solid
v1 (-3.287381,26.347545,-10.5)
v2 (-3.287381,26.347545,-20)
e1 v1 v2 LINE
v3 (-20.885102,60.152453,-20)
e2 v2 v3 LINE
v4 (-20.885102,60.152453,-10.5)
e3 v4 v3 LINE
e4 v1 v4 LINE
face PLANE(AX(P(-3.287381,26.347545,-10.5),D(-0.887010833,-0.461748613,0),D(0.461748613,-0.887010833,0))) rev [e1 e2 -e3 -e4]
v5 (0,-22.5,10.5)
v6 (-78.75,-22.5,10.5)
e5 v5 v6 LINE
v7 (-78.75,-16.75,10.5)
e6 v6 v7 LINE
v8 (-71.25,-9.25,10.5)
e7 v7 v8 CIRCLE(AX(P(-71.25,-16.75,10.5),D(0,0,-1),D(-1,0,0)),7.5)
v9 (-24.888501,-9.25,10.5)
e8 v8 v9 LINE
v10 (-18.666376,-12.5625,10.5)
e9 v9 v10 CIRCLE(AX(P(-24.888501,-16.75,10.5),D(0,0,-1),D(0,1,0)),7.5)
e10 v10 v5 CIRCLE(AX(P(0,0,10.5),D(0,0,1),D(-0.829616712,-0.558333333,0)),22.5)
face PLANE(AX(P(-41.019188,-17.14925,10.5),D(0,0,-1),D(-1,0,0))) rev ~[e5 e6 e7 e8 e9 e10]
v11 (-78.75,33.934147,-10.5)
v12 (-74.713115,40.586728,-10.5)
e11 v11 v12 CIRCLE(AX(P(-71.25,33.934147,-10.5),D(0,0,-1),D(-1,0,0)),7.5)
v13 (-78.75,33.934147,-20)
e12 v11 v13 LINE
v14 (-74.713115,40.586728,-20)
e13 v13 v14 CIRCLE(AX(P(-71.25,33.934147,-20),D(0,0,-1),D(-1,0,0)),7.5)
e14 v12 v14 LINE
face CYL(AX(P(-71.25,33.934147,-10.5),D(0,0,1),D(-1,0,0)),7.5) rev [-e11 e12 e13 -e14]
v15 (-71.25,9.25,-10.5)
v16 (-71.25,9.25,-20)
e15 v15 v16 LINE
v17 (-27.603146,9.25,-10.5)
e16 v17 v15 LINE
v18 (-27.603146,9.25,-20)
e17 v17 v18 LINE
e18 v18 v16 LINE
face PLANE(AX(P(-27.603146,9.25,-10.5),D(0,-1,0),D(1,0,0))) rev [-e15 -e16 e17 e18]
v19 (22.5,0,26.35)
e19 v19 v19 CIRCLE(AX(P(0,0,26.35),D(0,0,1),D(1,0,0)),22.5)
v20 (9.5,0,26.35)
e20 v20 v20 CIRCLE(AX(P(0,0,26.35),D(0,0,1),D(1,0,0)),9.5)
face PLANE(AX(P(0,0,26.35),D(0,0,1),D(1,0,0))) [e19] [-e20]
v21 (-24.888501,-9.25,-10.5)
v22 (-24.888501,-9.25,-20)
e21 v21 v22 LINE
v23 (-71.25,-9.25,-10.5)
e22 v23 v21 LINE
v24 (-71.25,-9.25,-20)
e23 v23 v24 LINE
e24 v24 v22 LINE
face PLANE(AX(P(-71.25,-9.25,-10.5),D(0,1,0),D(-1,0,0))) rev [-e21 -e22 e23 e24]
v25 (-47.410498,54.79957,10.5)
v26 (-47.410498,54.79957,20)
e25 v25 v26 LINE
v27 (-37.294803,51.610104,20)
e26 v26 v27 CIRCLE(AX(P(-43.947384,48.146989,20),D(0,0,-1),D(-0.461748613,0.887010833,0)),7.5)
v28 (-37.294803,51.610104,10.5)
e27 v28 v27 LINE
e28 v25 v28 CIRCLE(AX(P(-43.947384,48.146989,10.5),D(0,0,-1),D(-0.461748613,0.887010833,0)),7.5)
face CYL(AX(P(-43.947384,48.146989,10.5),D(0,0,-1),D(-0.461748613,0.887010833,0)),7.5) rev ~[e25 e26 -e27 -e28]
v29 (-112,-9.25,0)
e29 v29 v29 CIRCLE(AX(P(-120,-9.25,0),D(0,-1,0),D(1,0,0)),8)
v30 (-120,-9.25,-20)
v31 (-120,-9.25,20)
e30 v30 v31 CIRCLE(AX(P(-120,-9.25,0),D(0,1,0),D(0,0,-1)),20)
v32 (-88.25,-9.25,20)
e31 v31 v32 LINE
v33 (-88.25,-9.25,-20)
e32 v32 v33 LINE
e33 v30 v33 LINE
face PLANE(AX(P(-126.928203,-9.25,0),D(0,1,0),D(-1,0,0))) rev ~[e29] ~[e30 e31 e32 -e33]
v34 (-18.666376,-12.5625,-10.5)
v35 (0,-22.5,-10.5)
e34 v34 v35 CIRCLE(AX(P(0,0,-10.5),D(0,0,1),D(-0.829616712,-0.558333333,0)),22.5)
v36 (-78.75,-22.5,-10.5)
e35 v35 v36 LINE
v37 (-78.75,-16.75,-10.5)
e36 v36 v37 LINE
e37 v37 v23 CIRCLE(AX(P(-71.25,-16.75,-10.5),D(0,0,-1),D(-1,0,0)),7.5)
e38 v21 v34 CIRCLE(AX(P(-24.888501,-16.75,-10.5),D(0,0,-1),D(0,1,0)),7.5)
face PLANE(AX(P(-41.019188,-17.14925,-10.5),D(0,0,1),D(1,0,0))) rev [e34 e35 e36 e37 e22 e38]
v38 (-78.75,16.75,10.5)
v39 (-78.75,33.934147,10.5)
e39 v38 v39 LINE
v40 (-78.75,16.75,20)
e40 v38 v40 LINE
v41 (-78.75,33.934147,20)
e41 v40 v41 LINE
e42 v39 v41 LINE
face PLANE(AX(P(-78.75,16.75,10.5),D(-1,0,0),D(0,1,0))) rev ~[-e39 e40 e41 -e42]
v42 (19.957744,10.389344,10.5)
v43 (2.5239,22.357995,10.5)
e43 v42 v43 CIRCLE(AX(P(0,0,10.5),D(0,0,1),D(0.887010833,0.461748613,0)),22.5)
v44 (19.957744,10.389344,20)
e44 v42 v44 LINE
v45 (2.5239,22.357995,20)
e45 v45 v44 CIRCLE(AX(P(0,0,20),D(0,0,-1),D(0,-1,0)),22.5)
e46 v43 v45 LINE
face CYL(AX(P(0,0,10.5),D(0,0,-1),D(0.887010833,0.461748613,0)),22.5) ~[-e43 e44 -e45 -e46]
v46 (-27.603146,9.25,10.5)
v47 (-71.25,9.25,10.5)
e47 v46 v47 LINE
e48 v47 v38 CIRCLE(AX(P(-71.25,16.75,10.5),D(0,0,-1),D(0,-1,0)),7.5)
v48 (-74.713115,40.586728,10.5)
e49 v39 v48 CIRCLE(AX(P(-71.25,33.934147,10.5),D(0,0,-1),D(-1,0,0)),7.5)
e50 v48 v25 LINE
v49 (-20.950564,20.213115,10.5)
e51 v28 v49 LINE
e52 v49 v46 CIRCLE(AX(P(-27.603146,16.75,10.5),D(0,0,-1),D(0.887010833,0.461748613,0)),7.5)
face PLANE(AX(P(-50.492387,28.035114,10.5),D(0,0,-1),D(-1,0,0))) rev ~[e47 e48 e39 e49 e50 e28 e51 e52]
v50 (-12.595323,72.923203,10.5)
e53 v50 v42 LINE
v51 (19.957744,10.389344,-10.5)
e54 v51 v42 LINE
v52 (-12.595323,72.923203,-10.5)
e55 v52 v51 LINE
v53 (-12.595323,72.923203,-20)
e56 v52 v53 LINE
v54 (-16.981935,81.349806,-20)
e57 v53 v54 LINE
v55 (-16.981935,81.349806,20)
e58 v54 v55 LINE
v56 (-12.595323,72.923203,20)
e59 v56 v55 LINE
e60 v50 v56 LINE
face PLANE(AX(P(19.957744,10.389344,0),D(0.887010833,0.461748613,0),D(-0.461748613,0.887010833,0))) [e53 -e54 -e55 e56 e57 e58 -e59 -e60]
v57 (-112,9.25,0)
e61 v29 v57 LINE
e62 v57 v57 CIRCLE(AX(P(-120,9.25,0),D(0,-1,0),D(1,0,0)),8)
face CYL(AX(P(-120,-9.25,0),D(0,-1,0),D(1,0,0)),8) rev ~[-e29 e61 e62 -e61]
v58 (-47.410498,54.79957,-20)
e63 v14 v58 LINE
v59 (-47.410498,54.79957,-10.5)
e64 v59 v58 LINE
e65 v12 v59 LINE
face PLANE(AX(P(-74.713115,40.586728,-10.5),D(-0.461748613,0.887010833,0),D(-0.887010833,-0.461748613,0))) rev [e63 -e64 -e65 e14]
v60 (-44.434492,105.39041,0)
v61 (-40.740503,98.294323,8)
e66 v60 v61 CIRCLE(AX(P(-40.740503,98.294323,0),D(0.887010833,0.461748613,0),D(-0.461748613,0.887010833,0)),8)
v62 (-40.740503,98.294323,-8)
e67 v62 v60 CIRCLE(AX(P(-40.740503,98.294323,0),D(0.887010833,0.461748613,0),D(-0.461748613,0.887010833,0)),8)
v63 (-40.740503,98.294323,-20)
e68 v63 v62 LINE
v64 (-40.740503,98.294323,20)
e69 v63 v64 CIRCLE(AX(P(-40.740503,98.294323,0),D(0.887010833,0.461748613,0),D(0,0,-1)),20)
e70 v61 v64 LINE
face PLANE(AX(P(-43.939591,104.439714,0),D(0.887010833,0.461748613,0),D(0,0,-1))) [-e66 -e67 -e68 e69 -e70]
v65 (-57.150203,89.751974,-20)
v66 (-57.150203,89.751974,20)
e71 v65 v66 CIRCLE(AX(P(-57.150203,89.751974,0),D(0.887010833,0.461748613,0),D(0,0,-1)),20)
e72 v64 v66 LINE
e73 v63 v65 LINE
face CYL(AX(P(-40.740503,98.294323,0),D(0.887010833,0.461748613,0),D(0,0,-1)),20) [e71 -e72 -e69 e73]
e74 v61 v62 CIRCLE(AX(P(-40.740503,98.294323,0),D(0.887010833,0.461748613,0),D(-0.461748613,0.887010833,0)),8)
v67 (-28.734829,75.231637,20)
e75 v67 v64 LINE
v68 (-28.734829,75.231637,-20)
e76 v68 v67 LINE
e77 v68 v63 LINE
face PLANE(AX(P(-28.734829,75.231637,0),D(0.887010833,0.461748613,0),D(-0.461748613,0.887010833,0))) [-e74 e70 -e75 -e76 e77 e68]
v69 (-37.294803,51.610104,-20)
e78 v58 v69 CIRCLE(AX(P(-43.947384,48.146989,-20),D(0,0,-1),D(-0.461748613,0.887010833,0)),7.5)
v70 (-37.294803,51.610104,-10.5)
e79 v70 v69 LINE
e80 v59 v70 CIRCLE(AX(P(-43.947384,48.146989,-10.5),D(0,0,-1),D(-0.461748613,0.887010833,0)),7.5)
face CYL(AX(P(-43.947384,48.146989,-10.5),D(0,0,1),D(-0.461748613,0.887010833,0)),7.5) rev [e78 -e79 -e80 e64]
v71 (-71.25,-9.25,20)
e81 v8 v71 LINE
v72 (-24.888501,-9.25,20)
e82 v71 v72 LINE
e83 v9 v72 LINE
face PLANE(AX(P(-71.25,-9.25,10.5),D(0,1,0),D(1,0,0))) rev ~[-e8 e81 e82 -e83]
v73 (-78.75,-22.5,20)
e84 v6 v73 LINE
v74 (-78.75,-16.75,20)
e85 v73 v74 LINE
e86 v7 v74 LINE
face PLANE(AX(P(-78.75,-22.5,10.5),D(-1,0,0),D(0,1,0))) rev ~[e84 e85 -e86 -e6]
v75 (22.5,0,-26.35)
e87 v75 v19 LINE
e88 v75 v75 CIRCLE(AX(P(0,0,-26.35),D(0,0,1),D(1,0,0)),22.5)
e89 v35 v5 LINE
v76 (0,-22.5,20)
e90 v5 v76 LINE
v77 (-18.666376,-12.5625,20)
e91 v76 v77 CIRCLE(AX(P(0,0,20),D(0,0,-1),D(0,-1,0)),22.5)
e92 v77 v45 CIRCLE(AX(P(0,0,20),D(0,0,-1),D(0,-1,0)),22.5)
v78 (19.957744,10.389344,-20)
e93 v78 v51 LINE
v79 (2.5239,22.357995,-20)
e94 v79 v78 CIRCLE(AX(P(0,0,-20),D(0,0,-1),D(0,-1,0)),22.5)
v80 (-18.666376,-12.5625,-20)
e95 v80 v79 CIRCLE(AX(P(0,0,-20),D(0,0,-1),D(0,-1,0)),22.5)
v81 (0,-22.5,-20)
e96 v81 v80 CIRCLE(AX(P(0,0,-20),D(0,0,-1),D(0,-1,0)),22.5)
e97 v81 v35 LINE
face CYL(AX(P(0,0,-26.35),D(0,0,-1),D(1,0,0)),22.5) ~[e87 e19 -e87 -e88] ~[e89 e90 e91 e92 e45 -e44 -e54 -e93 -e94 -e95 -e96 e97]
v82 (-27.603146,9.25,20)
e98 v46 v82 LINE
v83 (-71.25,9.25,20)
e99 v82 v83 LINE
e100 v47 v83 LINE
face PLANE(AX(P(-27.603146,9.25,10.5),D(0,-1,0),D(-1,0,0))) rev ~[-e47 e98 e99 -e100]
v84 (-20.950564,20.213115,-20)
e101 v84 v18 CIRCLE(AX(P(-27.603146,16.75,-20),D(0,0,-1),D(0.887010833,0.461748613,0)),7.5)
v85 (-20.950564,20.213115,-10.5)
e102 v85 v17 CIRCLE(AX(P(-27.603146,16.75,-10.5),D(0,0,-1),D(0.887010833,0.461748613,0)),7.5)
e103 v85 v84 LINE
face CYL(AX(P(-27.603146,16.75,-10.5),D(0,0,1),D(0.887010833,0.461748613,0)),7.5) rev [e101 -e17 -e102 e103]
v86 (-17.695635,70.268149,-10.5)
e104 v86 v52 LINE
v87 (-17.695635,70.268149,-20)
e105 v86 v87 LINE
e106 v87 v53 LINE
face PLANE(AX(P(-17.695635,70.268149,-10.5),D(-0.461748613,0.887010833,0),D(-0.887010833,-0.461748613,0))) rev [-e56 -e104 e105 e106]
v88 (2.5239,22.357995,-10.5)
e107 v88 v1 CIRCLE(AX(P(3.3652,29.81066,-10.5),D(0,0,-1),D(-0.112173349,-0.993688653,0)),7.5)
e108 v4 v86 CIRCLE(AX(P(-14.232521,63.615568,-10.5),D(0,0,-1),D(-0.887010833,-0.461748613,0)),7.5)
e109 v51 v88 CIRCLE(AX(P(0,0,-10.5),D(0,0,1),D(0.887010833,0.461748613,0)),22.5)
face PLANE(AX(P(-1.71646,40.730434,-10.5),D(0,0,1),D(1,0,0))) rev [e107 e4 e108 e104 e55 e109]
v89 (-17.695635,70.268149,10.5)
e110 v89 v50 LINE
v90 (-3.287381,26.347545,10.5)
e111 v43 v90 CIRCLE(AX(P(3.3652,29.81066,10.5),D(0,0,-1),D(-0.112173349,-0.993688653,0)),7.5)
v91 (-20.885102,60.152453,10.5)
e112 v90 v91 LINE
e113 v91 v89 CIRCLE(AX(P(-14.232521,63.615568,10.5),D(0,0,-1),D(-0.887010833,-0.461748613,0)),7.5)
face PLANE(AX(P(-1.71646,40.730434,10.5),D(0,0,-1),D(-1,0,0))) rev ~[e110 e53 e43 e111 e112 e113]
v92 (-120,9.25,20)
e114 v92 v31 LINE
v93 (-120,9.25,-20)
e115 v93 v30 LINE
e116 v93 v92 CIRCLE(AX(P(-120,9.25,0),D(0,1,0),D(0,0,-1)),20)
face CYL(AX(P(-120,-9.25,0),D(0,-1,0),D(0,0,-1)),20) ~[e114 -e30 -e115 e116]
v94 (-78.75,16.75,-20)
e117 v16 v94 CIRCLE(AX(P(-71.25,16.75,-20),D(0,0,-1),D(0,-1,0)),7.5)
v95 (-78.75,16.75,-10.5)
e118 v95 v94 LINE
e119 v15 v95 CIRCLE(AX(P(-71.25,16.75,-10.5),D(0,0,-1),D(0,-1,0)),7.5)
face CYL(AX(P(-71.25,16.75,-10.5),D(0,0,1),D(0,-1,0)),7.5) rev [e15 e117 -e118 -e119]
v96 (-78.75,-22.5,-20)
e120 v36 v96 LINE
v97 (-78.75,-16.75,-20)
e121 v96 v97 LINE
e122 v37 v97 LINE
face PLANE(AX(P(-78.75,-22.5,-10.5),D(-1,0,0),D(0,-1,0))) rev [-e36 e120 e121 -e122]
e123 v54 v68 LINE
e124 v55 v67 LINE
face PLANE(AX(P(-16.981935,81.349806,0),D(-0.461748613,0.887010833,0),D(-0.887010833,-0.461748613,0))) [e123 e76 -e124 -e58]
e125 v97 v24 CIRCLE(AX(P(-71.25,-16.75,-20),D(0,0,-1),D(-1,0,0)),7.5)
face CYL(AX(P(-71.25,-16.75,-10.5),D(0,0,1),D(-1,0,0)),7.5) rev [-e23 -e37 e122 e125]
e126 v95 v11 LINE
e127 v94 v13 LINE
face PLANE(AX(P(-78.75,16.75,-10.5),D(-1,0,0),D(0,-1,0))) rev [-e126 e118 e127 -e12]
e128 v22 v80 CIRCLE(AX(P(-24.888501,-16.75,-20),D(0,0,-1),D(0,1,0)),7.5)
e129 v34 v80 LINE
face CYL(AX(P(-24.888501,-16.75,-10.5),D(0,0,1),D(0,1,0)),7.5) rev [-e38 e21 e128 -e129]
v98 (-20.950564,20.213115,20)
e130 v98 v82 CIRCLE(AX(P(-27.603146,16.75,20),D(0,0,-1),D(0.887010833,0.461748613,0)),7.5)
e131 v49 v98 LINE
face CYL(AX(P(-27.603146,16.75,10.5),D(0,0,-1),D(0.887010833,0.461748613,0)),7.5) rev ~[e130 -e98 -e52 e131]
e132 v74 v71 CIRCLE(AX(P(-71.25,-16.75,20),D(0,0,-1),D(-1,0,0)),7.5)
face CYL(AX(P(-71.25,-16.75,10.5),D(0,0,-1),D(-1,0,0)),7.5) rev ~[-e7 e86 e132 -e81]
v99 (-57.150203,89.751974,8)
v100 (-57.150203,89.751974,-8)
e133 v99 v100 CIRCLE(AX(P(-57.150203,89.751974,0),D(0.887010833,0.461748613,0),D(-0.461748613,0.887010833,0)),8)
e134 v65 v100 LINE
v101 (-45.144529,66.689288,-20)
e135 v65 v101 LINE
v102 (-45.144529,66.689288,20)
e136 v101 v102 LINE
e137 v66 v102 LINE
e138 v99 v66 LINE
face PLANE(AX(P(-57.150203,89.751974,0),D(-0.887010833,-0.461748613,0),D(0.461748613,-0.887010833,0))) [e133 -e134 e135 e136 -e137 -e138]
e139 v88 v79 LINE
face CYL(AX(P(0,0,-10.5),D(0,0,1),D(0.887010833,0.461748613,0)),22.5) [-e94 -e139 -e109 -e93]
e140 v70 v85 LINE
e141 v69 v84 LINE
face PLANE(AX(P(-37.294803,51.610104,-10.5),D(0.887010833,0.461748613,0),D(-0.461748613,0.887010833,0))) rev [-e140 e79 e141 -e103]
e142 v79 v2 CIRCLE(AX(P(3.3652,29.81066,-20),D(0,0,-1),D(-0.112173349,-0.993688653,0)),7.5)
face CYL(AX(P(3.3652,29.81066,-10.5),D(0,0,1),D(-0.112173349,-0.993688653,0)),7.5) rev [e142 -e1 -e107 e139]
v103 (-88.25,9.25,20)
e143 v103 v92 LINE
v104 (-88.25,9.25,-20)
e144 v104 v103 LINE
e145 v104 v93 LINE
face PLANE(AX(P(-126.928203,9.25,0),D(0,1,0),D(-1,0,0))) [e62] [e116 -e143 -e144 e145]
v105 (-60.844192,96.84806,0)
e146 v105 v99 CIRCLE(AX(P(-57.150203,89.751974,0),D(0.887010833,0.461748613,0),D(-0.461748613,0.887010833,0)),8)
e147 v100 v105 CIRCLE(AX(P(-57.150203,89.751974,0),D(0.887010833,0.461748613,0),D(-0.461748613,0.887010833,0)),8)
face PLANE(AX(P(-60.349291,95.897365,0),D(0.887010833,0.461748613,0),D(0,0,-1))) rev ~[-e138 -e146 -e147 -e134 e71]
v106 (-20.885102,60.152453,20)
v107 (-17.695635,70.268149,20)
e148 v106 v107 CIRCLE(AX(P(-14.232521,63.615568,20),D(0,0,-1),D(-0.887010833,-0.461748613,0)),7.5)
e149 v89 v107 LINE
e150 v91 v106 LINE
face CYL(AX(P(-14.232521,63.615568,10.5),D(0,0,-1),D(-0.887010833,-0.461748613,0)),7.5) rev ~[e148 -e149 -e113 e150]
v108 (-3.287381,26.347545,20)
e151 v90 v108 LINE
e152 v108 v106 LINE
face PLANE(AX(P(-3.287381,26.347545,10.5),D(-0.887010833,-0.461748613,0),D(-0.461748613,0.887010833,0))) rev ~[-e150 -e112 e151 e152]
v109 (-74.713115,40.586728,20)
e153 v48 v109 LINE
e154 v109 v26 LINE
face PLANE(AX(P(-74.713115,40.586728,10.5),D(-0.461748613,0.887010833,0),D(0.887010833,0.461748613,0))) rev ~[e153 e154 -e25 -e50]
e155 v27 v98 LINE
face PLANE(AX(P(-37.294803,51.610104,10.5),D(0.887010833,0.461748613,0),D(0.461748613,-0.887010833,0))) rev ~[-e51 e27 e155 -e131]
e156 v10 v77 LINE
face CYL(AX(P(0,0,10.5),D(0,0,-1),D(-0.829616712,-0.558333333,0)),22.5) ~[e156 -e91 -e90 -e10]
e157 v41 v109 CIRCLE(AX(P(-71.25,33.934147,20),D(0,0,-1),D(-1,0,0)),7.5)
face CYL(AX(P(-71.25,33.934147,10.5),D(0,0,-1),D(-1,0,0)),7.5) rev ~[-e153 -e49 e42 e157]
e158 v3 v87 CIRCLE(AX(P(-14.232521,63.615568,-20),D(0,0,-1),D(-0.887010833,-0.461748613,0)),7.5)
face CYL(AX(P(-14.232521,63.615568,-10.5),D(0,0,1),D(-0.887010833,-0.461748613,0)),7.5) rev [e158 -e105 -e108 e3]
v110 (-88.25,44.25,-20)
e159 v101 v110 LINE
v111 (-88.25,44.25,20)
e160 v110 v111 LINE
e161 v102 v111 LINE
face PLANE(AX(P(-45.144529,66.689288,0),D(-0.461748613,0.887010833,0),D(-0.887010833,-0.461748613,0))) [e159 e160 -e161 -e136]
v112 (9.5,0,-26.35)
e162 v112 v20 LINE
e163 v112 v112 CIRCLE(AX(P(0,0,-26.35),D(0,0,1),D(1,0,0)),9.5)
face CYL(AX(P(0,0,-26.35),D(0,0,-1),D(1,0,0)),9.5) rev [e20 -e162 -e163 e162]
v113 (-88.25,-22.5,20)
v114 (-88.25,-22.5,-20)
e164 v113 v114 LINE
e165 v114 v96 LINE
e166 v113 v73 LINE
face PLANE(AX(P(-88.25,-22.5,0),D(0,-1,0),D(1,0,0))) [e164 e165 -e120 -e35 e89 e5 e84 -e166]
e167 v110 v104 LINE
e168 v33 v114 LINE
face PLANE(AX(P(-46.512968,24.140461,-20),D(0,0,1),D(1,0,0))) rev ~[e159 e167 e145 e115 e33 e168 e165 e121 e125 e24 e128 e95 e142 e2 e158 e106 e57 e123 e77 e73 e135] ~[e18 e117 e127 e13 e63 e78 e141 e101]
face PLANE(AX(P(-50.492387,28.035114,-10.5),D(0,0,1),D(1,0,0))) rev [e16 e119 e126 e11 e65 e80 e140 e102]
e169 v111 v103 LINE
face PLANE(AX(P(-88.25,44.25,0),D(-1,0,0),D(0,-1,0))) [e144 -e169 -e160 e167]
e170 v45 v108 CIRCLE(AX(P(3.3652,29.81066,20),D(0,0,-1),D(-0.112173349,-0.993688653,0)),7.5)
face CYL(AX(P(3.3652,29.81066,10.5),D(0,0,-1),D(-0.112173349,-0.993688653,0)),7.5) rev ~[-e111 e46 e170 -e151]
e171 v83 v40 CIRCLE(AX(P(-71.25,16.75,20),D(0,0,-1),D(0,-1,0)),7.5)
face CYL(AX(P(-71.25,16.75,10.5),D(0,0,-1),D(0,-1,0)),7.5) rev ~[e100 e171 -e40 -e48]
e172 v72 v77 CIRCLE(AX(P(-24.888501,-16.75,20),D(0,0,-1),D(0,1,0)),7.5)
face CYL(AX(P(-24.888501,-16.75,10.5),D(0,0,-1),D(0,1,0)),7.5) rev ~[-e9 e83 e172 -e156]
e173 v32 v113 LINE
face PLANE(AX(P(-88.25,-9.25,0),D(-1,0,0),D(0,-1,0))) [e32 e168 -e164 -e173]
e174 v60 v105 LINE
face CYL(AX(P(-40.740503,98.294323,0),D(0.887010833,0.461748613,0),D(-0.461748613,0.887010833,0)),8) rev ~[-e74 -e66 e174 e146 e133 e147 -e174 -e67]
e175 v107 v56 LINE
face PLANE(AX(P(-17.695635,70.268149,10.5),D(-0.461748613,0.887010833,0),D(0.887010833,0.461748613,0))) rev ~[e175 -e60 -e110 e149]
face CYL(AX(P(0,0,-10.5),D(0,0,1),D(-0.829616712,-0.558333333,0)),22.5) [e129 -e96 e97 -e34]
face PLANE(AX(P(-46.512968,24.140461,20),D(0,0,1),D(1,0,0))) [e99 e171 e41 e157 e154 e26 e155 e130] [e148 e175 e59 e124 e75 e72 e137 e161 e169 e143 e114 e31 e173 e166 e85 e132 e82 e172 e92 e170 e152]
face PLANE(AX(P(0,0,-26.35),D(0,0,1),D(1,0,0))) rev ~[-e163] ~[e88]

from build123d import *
from build123d.topology import SkipClean

# Parameters (mm, degrees)
BOSS_EXTRU_1_DEPTH      = 20
BOSS_EXTRU_2_DEPTH      = 26.35
BOSS_EXTRU_2_DEPTH_BACK = 26.35
ESQUISSE2_5_R           = 22.5
ESQUISSE2_5_R_2         = 9.5
BOSS_EXTRU_3_DEPTH      = 18.5
BOSS_EXTRU_4_DEPTH      = 18.5
ESQUISSE5_R             = 8
ENL_V_MAT_EXTRU_1_DEPTH = 188.483465609
ESQUISSE6_R             = 8
ENL_V_MAT_EXTRU_2_DEPTH = 190.711724403
ENL_V_START             = -9.5
ENL_V_MAT_EXTRU_3_DEPTH = 9.5


with BuildPart() as part:
    # Esquisse2 → Boss.-Extru.1 (new, symmetric)
    with BuildSketch(Plane.XY):
        with BuildLine():
            Line((-88.25, -22.5), (0, -22.5))
            ThreePointArc((0, -22.5), (-19.23551709, 11.672398309), (19.957743747, 10.389343798))
            Line((19.957743747, 10.389343798), (-16.981934979, 81.349806406))
            Line((-16.981934979, 81.349806406), (-28.734828519, 75.231637281))
            Line((-28.734828519, 75.231637281), (-40.740502796, 98.294322989))
            Line((-40.740502796, 98.294322989), (-57.15020321, 89.751973644))
            Line((-57.15020321, 89.751973644), (-45.144528933, 66.689287936))
            Line((-45.144528933, 66.689287936), (-88.25, 44.25))
            Line((-88.25, 44.25), (-88.25, 9.25))
            Line((-88.25, 9.25), (-120, 9.25))
            Line((-120, 9.25), (-120, -9.25))
            Line((-120, -9.25), (-88.25, -9.25))
            Line((-88.25, -9.25), (-88.25, -22.5))
        make_face()
    extrude(amount=BOSS_EXTRU_1_DEPTH, both=True)

    # Esquisse2<5> → Boss.-Extru.2 (add, two sides: drawn at the far end of the back side and taken through both)
    with BuildSketch(Plane.XY.offset(-BOSS_EXTRU_2_DEPTH_BACK)):
        Circle(ESQUISSE2_5_R)
        Circle(ESQUISSE2_5_R_2, mode=Mode.SUBTRACT)
    extrude(amount=BOSS_EXTRU_2_DEPTH + BOSS_EXTRU_2_DEPTH_BACK)

    # Esquisse3 → Boss.-Extru.3 (add)
    with BuildSketch(Plane.XZ.offset(9.25)):
        with BuildLine():
            Line((-120, 20), (-120, -20))
            ThreePointArc((-120, -20), (-140, 0), (-120, 20))
        make_face()
    extrude(amount=-BOSS_EXTRU_3_DEPTH)

    # Esquisse4 → Boss.-Extru.4 (add)
    with BuildSketch(Plane(origin=(8.204850207, 4.271174672, 0), x_dir=(0, 0, -1), z_dir=(0.8870108331782227, 0.46174861323503186, 0))):
        with BuildLine():
            Line((-20, 106), (20, 106))
            ThreePointArc((20, 106), (0, 126), (-20, 106))
        make_face()
    extrude(amount=-BOSS_EXTRU_4_DEPTH)

    # Esquisse5 → Enlèv. mat.-Extru.1 (cut, through all)
    with BuildSketch(Plane(origin=(8.204850207, 4.271174672, 0), x_dir=(0, 0, -1), z_dir=(0.8870108331782227, 0.46174861323503186, 0))):
        with Locations(Location((0, 106, 0), (0, 0, 90))):
            Circle(ESQUISSE5_R)
    extrude(amount=-ENL_V_MAT_EXTRU_1_DEPTH, mode=Mode.SUBTRACT)

    # Esquisse6 → Enlèv. mat.-Extru.2 (cut, through all)
    with BuildSketch(Plane.XZ.offset(9.25)):
        with Locations((-120, 0)):
            Circle(ESQUISSE6_R)
    extrude(amount=-ENL_V_MAT_EXTRU_2_DEPTH, mode=Mode.SUBTRACT)

    # Esquisse7 → Enlèv. mat.-Extru.3 (cut)
    with SkipClean():  # the faces are left unmerged after this step: merging them gives an invalid solid
        with BuildSketch(Plane.XY.offset(20).offset(ENL_V_START)):
            with BuildLine():
                Line((-17.695635444, 70.268148965), (-12.595323154, 72.923203491))
                Line((-12.595323154, 72.923203491), (19.957743747, 10.389343798))
                ThreePointArc((19.957743747, 10.389343798), (12.734529101, 18.549441193), (2.52390035, 22.3579947))
                ThreePointArc((2.52390035, 22.3579947), (-0.879642567, 23.627512536), (-3.287380782, 26.347545001))
                Line((-3.287380782, 26.347545001), (-20.885102094, 60.152453117))
                ThreePointArc((-20.885102094, 60.152453117), (-21.385397976, 65.870861212), (-17.695635444, 70.268148965))
            make_face()
            with BuildLine():
                Line((-74.713114599, 40.586728011), (-47.410498356, 54.799570422))
                ThreePointArc((-47.410498356, 54.799570422), (-41.69209026, 55.299866303), (-37.294802508, 51.610103772))
                Line((-37.294802508, 51.610103772), (-20.950564458, 20.213114599))
                ThreePointArc((-20.950564458, 20.213114599), (-21.191306677, 12.859200564), (-27.603145707, 9.25))
                Line((-27.603145707, 9.25), (-71.25, 9.25))
                ThreePointArc((-71.25, 9.25), (-76.553300859, 11.446699141), (-78.75, 16.75))
                Line((-78.75, 16.75), (-78.75, 33.934146763))
                ThreePointArc((-78.75, 33.934146763), (-77.66183903, 37.824946199), (-74.713114599, 40.586728011))
            make_face()
            with BuildLine():
                Line((-71.25, -9.25), (-24.888501361, -9.25))
                ThreePointArc((-24.888501361, -9.25), (-21.364033316, -10.129718662), (-18.666376021, -12.5625))
                ThreePointArc((-18.666376021, -12.5625), (-10.573404135, -19.860844015), (0, -22.5))
                Line((0, -22.5), (-78.75, -22.5))
                Line((-78.75, -22.5), (-78.75, -16.75))
                ThreePointArc((-78.75, -16.75), (-76.553300859, -11.446699141), (-71.25, -9.25))
            make_face()
        enl_v_mat_extru_3 = extrude(amount=ENL_V_MAT_EXTRU_3_DEPTH, mode=Mode.SUBTRACT)

    # Symétrie1: Enlèv. mat.-Extru.3 across plane
    add(enl_v_mat_extru_3.mirror(Plane.XY), mode=Mode.SUBTRACT)


solid = part.part
